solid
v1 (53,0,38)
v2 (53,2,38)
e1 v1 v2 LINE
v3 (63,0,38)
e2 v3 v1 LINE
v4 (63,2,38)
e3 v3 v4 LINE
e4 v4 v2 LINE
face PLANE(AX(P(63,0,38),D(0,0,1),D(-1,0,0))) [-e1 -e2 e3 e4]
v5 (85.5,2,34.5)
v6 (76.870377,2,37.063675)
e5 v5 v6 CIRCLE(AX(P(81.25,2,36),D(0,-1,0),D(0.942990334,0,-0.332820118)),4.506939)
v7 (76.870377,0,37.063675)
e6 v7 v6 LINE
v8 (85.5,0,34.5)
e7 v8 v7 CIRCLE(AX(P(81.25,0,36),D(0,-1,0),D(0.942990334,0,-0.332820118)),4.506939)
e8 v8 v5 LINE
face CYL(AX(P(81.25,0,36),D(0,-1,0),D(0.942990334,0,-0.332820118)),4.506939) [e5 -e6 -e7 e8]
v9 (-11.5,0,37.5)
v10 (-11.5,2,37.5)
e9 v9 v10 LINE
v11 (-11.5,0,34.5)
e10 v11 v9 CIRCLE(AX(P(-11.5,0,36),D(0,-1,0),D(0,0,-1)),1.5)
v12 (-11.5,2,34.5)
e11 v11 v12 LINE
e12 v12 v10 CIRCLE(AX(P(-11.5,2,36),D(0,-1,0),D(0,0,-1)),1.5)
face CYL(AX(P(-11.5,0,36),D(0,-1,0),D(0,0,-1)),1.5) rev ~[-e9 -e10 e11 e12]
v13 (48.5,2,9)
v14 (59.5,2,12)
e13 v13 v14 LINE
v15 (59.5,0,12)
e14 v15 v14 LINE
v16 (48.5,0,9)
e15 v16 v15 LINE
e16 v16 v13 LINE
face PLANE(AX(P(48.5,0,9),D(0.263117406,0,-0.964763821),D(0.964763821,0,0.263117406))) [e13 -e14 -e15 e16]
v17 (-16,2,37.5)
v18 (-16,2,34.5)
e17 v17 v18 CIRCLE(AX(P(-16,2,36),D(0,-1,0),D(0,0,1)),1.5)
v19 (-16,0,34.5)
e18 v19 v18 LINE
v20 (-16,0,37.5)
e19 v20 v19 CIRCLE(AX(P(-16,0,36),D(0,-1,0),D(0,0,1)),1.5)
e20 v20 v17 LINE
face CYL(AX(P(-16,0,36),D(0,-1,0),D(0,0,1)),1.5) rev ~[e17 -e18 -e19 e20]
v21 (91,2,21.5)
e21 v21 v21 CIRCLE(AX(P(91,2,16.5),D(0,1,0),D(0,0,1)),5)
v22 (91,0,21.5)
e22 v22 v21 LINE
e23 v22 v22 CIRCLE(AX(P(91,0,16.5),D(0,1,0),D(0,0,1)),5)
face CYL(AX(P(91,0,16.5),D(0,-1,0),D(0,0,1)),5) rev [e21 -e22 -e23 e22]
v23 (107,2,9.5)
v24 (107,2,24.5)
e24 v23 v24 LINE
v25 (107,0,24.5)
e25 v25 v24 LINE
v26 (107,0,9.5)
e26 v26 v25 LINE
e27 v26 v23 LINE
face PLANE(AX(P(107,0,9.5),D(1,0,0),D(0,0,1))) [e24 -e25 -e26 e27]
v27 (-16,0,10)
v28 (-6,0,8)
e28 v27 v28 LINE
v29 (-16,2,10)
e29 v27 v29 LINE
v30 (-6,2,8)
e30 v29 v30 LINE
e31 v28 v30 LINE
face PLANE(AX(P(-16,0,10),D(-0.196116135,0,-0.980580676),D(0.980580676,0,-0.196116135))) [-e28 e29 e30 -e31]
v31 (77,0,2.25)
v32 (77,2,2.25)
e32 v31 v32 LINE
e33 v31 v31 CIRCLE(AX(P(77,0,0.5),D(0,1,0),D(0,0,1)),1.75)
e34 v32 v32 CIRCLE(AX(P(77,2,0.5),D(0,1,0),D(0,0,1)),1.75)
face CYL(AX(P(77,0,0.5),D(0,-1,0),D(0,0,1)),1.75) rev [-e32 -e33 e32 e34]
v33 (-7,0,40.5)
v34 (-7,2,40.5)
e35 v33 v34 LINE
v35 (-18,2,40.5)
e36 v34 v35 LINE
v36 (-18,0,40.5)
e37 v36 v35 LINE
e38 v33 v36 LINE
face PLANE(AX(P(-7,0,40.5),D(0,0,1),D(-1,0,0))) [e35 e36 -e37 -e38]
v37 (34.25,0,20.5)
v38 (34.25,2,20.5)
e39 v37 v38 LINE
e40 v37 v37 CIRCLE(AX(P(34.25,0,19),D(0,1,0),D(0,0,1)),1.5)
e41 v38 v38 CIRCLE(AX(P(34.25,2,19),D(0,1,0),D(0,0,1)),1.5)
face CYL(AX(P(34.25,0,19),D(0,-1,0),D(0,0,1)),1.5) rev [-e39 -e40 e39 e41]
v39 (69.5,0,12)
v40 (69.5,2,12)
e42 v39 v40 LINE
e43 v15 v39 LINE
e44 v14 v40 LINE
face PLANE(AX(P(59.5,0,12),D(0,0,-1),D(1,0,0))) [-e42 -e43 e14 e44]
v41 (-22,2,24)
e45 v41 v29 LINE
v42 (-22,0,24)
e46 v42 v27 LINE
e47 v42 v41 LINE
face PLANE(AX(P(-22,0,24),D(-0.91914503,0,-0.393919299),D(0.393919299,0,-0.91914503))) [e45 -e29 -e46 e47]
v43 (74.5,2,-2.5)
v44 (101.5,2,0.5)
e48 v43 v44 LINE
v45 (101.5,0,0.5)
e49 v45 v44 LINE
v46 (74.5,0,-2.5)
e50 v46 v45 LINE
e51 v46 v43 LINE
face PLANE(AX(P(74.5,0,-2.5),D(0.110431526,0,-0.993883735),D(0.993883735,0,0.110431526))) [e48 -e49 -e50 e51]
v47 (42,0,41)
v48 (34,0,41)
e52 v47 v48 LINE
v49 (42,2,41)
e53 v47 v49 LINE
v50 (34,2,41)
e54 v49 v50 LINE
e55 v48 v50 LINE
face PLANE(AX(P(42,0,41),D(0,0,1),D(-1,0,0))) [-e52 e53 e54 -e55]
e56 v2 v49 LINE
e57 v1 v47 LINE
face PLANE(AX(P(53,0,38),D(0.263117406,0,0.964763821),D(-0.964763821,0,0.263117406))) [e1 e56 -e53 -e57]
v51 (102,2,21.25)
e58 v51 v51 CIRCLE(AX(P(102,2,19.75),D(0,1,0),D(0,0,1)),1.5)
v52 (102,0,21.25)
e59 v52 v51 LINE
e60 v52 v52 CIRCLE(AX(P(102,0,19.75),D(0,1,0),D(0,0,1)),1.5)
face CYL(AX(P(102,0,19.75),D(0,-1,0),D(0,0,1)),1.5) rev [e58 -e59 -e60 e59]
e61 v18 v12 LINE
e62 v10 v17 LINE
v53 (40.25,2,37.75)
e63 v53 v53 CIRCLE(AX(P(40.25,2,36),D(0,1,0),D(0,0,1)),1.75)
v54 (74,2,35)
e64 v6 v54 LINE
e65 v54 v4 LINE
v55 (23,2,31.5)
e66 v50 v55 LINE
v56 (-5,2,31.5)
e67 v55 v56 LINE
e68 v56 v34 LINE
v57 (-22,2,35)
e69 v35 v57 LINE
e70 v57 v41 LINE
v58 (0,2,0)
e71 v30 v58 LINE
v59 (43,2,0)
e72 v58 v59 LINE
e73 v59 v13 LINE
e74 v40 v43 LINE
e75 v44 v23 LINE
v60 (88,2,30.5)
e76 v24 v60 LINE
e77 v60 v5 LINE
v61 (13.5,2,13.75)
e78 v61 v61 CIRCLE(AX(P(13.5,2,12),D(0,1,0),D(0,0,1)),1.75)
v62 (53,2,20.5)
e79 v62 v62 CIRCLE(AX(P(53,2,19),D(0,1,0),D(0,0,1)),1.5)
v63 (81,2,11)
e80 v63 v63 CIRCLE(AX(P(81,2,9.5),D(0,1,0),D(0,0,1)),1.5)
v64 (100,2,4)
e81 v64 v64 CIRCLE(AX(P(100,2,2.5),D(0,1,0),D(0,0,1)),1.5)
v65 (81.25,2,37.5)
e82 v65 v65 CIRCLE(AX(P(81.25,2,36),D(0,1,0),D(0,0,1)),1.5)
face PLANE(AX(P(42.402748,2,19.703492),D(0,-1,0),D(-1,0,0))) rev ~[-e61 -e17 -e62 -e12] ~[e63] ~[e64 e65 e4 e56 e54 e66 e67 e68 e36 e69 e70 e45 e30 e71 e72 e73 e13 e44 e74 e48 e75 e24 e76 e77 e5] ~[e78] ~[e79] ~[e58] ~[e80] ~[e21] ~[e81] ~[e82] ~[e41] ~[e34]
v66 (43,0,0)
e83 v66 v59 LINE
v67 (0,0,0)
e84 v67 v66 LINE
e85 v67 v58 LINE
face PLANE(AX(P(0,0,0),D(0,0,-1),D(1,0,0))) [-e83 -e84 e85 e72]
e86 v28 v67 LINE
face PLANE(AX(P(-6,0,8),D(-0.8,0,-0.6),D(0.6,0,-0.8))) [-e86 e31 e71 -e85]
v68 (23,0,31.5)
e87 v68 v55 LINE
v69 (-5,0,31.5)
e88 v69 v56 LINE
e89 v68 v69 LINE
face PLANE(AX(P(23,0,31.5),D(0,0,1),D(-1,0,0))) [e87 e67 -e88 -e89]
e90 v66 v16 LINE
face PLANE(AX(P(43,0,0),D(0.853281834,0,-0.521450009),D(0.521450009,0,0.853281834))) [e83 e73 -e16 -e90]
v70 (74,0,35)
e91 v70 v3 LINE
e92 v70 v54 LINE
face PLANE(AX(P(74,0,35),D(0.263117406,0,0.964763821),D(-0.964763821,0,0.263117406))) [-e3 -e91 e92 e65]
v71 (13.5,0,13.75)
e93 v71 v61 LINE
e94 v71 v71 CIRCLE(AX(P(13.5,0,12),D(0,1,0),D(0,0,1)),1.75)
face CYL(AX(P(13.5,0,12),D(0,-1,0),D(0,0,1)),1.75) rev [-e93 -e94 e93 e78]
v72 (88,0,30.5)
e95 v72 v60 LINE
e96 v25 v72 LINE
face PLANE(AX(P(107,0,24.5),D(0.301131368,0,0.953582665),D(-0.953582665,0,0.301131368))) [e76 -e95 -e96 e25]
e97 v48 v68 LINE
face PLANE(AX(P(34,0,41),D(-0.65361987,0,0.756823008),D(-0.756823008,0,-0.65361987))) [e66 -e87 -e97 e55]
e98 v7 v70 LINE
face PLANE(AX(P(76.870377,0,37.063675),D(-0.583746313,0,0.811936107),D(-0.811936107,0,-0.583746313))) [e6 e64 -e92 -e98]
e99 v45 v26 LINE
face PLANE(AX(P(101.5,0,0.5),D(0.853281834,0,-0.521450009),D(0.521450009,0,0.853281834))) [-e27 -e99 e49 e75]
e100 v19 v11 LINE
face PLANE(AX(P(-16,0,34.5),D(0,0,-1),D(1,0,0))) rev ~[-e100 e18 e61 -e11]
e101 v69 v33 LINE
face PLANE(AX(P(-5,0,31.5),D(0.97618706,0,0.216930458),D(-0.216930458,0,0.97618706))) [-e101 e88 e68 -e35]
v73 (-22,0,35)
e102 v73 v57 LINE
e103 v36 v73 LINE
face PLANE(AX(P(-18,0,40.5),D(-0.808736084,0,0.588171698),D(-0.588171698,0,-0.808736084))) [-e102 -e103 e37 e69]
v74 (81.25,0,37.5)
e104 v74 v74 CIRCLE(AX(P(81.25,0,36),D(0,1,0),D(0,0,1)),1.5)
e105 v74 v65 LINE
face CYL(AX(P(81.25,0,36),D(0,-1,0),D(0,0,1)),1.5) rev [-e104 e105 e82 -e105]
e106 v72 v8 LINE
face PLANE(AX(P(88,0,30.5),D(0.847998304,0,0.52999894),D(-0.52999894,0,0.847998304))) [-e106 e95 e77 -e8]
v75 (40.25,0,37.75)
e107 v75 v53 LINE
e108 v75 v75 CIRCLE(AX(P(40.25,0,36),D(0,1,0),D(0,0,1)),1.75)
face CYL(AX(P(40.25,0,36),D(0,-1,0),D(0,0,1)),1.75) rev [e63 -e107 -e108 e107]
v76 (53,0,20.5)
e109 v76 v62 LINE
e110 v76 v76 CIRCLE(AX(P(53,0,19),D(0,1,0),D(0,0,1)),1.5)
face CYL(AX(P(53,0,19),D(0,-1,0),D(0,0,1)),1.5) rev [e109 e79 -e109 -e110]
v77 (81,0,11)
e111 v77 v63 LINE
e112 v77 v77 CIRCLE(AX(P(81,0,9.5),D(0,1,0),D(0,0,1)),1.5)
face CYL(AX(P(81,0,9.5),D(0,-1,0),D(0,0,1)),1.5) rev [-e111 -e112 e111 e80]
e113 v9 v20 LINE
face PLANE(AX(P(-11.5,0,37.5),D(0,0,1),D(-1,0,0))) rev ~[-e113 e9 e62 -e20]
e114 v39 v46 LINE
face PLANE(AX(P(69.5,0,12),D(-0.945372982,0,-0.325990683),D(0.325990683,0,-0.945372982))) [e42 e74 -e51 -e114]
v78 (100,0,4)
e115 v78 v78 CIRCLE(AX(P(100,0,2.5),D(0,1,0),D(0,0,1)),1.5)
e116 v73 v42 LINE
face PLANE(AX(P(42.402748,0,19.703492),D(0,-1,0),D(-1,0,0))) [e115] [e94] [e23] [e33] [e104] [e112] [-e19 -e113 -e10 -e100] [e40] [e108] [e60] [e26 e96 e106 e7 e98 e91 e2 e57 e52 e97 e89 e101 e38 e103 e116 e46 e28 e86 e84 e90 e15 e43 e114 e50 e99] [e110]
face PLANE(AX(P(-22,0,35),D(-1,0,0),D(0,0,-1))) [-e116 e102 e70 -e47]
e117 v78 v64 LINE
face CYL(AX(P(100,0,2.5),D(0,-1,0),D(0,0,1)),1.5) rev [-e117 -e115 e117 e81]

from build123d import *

# Parameters (mm, degrees)
SKETCH1_R           = 1.75
SKETCH1_R_2         = 1.5
SKETCH1_R_3         = 5
BOSS_EXTRUDE1_DEPTH = 2


with BuildPart() as part:
    # Sketch1 → Boss-Extrude1 (new body)
    with BuildSketch(Plane(origin=(0, 0, 0), x_dir=(1, 0, 0), z_dir=(0, 1, 0))):
        with BuildLine():
            Line((0, 0), (43, 0))
            Line((43, 0), (48.5, -9))
            Line((48.5, -9), (59.5, -12))
            Line((59.5, -12), (69.5, -12))
            Line((69.5, -12), (74.5, 2.5))
            Line((74.5, 2.5), (101.5, -0.5))
            Line((101.5, -0.5), (107, -9.5))
            Line((107, -9.5), (107, -24.5))
            Line((107, -24.5), (88, -30.5))
            Line((88, -30.5), (85.5, -34.5))
            ThreePointArc((85.5, -34.5), (82.533474843, -40.320323174), (76.870377201, -37.063674828))
            Line((76.870377201, -37.063674828), (74, -35))
            Line((74, -35), (63, -38))
            Line((63, -38), (53, -38))
            Line((53, -38), (42, -41))
            Line((42, -41), (34, -41))
            Line((34, -41), (23, -31.5))
            Line((23, -31.5), (-5, -31.5))
            Line((-5, -31.5), (-7, -40.5))
            Line((-7, -40.5), (-18, -40.5))
            Line((-18, -40.5), (-22, -35))
            Line((-22, -35), (-22, -24))
            Line((-22, -24), (-16, -10))
            Line((-16, -10), (-6, -8))
            Line((-6, -8), (0, 0))
        make_face()
        with Locations(Location((40.25, -36, 0), (0, 0, 270))):
            Circle(SKETCH1_R, mode=Mode.SUBTRACT)
        with Locations(Location((81.25, -36, 0), (0, 0, 270))):
            Circle(SKETCH1_R_2, mode=Mode.SUBTRACT)
        with Locations(Location((91, -16.5, 0), (0, 0, 270))):
            Circle(SKETCH1_R_3, mode=Mode.SUBTRACT)
        with Locations(Location((77, -0.5, 0), (0, 0, 270))):
            Circle(SKETCH1_R, mode=Mode.SUBTRACT)
        with Locations(Location((81, -9.5, 0), (0, 0, 270))):
            Circle(SKETCH1_R_2, mode=Mode.SUBTRACT)
        with Locations(Location((100, -2.5, 0), (0, 0, 270))):
            Circle(SKETCH1_R_2, mode=Mode.SUBTRACT)
        with Locations(Location((102, -19.75, 0), (0, 0, 270))):
            Circle(SKETCH1_R_2, mode=Mode.SUBTRACT)
        with Locations(Location((53, -19, 0), (0, 0, 270))):
            Circle(SKETCH1_R_2, mode=Mode.SUBTRACT)
        with Locations(Location((34.25, -19, 0), (0, 0, 270))):
            Circle(SKETCH1_R_2, mode=Mode.SUBTRACT)
        with Locations(Location((13.5, -12, 0), (0, 0, 270))):
            Circle(SKETCH1_R, mode=Mode.SUBTRACT)
        with BuildLine():
            Line((-16, -34.5), (-11.5, -34.5))
            ThreePointArc((-11.5, -34.5), (-10, -36), (-11.5, -37.5))
            Line((-11.5, -37.5), (-16, -37.5))
            ThreePointArc((-16, -37.5), (-17.5, -36), (-16, -34.5))
        make_face(mode=Mode.SUBTRACT)
    extrude(amount=BOSS_EXTRUDE1_DEPTH)


solid = part.part
